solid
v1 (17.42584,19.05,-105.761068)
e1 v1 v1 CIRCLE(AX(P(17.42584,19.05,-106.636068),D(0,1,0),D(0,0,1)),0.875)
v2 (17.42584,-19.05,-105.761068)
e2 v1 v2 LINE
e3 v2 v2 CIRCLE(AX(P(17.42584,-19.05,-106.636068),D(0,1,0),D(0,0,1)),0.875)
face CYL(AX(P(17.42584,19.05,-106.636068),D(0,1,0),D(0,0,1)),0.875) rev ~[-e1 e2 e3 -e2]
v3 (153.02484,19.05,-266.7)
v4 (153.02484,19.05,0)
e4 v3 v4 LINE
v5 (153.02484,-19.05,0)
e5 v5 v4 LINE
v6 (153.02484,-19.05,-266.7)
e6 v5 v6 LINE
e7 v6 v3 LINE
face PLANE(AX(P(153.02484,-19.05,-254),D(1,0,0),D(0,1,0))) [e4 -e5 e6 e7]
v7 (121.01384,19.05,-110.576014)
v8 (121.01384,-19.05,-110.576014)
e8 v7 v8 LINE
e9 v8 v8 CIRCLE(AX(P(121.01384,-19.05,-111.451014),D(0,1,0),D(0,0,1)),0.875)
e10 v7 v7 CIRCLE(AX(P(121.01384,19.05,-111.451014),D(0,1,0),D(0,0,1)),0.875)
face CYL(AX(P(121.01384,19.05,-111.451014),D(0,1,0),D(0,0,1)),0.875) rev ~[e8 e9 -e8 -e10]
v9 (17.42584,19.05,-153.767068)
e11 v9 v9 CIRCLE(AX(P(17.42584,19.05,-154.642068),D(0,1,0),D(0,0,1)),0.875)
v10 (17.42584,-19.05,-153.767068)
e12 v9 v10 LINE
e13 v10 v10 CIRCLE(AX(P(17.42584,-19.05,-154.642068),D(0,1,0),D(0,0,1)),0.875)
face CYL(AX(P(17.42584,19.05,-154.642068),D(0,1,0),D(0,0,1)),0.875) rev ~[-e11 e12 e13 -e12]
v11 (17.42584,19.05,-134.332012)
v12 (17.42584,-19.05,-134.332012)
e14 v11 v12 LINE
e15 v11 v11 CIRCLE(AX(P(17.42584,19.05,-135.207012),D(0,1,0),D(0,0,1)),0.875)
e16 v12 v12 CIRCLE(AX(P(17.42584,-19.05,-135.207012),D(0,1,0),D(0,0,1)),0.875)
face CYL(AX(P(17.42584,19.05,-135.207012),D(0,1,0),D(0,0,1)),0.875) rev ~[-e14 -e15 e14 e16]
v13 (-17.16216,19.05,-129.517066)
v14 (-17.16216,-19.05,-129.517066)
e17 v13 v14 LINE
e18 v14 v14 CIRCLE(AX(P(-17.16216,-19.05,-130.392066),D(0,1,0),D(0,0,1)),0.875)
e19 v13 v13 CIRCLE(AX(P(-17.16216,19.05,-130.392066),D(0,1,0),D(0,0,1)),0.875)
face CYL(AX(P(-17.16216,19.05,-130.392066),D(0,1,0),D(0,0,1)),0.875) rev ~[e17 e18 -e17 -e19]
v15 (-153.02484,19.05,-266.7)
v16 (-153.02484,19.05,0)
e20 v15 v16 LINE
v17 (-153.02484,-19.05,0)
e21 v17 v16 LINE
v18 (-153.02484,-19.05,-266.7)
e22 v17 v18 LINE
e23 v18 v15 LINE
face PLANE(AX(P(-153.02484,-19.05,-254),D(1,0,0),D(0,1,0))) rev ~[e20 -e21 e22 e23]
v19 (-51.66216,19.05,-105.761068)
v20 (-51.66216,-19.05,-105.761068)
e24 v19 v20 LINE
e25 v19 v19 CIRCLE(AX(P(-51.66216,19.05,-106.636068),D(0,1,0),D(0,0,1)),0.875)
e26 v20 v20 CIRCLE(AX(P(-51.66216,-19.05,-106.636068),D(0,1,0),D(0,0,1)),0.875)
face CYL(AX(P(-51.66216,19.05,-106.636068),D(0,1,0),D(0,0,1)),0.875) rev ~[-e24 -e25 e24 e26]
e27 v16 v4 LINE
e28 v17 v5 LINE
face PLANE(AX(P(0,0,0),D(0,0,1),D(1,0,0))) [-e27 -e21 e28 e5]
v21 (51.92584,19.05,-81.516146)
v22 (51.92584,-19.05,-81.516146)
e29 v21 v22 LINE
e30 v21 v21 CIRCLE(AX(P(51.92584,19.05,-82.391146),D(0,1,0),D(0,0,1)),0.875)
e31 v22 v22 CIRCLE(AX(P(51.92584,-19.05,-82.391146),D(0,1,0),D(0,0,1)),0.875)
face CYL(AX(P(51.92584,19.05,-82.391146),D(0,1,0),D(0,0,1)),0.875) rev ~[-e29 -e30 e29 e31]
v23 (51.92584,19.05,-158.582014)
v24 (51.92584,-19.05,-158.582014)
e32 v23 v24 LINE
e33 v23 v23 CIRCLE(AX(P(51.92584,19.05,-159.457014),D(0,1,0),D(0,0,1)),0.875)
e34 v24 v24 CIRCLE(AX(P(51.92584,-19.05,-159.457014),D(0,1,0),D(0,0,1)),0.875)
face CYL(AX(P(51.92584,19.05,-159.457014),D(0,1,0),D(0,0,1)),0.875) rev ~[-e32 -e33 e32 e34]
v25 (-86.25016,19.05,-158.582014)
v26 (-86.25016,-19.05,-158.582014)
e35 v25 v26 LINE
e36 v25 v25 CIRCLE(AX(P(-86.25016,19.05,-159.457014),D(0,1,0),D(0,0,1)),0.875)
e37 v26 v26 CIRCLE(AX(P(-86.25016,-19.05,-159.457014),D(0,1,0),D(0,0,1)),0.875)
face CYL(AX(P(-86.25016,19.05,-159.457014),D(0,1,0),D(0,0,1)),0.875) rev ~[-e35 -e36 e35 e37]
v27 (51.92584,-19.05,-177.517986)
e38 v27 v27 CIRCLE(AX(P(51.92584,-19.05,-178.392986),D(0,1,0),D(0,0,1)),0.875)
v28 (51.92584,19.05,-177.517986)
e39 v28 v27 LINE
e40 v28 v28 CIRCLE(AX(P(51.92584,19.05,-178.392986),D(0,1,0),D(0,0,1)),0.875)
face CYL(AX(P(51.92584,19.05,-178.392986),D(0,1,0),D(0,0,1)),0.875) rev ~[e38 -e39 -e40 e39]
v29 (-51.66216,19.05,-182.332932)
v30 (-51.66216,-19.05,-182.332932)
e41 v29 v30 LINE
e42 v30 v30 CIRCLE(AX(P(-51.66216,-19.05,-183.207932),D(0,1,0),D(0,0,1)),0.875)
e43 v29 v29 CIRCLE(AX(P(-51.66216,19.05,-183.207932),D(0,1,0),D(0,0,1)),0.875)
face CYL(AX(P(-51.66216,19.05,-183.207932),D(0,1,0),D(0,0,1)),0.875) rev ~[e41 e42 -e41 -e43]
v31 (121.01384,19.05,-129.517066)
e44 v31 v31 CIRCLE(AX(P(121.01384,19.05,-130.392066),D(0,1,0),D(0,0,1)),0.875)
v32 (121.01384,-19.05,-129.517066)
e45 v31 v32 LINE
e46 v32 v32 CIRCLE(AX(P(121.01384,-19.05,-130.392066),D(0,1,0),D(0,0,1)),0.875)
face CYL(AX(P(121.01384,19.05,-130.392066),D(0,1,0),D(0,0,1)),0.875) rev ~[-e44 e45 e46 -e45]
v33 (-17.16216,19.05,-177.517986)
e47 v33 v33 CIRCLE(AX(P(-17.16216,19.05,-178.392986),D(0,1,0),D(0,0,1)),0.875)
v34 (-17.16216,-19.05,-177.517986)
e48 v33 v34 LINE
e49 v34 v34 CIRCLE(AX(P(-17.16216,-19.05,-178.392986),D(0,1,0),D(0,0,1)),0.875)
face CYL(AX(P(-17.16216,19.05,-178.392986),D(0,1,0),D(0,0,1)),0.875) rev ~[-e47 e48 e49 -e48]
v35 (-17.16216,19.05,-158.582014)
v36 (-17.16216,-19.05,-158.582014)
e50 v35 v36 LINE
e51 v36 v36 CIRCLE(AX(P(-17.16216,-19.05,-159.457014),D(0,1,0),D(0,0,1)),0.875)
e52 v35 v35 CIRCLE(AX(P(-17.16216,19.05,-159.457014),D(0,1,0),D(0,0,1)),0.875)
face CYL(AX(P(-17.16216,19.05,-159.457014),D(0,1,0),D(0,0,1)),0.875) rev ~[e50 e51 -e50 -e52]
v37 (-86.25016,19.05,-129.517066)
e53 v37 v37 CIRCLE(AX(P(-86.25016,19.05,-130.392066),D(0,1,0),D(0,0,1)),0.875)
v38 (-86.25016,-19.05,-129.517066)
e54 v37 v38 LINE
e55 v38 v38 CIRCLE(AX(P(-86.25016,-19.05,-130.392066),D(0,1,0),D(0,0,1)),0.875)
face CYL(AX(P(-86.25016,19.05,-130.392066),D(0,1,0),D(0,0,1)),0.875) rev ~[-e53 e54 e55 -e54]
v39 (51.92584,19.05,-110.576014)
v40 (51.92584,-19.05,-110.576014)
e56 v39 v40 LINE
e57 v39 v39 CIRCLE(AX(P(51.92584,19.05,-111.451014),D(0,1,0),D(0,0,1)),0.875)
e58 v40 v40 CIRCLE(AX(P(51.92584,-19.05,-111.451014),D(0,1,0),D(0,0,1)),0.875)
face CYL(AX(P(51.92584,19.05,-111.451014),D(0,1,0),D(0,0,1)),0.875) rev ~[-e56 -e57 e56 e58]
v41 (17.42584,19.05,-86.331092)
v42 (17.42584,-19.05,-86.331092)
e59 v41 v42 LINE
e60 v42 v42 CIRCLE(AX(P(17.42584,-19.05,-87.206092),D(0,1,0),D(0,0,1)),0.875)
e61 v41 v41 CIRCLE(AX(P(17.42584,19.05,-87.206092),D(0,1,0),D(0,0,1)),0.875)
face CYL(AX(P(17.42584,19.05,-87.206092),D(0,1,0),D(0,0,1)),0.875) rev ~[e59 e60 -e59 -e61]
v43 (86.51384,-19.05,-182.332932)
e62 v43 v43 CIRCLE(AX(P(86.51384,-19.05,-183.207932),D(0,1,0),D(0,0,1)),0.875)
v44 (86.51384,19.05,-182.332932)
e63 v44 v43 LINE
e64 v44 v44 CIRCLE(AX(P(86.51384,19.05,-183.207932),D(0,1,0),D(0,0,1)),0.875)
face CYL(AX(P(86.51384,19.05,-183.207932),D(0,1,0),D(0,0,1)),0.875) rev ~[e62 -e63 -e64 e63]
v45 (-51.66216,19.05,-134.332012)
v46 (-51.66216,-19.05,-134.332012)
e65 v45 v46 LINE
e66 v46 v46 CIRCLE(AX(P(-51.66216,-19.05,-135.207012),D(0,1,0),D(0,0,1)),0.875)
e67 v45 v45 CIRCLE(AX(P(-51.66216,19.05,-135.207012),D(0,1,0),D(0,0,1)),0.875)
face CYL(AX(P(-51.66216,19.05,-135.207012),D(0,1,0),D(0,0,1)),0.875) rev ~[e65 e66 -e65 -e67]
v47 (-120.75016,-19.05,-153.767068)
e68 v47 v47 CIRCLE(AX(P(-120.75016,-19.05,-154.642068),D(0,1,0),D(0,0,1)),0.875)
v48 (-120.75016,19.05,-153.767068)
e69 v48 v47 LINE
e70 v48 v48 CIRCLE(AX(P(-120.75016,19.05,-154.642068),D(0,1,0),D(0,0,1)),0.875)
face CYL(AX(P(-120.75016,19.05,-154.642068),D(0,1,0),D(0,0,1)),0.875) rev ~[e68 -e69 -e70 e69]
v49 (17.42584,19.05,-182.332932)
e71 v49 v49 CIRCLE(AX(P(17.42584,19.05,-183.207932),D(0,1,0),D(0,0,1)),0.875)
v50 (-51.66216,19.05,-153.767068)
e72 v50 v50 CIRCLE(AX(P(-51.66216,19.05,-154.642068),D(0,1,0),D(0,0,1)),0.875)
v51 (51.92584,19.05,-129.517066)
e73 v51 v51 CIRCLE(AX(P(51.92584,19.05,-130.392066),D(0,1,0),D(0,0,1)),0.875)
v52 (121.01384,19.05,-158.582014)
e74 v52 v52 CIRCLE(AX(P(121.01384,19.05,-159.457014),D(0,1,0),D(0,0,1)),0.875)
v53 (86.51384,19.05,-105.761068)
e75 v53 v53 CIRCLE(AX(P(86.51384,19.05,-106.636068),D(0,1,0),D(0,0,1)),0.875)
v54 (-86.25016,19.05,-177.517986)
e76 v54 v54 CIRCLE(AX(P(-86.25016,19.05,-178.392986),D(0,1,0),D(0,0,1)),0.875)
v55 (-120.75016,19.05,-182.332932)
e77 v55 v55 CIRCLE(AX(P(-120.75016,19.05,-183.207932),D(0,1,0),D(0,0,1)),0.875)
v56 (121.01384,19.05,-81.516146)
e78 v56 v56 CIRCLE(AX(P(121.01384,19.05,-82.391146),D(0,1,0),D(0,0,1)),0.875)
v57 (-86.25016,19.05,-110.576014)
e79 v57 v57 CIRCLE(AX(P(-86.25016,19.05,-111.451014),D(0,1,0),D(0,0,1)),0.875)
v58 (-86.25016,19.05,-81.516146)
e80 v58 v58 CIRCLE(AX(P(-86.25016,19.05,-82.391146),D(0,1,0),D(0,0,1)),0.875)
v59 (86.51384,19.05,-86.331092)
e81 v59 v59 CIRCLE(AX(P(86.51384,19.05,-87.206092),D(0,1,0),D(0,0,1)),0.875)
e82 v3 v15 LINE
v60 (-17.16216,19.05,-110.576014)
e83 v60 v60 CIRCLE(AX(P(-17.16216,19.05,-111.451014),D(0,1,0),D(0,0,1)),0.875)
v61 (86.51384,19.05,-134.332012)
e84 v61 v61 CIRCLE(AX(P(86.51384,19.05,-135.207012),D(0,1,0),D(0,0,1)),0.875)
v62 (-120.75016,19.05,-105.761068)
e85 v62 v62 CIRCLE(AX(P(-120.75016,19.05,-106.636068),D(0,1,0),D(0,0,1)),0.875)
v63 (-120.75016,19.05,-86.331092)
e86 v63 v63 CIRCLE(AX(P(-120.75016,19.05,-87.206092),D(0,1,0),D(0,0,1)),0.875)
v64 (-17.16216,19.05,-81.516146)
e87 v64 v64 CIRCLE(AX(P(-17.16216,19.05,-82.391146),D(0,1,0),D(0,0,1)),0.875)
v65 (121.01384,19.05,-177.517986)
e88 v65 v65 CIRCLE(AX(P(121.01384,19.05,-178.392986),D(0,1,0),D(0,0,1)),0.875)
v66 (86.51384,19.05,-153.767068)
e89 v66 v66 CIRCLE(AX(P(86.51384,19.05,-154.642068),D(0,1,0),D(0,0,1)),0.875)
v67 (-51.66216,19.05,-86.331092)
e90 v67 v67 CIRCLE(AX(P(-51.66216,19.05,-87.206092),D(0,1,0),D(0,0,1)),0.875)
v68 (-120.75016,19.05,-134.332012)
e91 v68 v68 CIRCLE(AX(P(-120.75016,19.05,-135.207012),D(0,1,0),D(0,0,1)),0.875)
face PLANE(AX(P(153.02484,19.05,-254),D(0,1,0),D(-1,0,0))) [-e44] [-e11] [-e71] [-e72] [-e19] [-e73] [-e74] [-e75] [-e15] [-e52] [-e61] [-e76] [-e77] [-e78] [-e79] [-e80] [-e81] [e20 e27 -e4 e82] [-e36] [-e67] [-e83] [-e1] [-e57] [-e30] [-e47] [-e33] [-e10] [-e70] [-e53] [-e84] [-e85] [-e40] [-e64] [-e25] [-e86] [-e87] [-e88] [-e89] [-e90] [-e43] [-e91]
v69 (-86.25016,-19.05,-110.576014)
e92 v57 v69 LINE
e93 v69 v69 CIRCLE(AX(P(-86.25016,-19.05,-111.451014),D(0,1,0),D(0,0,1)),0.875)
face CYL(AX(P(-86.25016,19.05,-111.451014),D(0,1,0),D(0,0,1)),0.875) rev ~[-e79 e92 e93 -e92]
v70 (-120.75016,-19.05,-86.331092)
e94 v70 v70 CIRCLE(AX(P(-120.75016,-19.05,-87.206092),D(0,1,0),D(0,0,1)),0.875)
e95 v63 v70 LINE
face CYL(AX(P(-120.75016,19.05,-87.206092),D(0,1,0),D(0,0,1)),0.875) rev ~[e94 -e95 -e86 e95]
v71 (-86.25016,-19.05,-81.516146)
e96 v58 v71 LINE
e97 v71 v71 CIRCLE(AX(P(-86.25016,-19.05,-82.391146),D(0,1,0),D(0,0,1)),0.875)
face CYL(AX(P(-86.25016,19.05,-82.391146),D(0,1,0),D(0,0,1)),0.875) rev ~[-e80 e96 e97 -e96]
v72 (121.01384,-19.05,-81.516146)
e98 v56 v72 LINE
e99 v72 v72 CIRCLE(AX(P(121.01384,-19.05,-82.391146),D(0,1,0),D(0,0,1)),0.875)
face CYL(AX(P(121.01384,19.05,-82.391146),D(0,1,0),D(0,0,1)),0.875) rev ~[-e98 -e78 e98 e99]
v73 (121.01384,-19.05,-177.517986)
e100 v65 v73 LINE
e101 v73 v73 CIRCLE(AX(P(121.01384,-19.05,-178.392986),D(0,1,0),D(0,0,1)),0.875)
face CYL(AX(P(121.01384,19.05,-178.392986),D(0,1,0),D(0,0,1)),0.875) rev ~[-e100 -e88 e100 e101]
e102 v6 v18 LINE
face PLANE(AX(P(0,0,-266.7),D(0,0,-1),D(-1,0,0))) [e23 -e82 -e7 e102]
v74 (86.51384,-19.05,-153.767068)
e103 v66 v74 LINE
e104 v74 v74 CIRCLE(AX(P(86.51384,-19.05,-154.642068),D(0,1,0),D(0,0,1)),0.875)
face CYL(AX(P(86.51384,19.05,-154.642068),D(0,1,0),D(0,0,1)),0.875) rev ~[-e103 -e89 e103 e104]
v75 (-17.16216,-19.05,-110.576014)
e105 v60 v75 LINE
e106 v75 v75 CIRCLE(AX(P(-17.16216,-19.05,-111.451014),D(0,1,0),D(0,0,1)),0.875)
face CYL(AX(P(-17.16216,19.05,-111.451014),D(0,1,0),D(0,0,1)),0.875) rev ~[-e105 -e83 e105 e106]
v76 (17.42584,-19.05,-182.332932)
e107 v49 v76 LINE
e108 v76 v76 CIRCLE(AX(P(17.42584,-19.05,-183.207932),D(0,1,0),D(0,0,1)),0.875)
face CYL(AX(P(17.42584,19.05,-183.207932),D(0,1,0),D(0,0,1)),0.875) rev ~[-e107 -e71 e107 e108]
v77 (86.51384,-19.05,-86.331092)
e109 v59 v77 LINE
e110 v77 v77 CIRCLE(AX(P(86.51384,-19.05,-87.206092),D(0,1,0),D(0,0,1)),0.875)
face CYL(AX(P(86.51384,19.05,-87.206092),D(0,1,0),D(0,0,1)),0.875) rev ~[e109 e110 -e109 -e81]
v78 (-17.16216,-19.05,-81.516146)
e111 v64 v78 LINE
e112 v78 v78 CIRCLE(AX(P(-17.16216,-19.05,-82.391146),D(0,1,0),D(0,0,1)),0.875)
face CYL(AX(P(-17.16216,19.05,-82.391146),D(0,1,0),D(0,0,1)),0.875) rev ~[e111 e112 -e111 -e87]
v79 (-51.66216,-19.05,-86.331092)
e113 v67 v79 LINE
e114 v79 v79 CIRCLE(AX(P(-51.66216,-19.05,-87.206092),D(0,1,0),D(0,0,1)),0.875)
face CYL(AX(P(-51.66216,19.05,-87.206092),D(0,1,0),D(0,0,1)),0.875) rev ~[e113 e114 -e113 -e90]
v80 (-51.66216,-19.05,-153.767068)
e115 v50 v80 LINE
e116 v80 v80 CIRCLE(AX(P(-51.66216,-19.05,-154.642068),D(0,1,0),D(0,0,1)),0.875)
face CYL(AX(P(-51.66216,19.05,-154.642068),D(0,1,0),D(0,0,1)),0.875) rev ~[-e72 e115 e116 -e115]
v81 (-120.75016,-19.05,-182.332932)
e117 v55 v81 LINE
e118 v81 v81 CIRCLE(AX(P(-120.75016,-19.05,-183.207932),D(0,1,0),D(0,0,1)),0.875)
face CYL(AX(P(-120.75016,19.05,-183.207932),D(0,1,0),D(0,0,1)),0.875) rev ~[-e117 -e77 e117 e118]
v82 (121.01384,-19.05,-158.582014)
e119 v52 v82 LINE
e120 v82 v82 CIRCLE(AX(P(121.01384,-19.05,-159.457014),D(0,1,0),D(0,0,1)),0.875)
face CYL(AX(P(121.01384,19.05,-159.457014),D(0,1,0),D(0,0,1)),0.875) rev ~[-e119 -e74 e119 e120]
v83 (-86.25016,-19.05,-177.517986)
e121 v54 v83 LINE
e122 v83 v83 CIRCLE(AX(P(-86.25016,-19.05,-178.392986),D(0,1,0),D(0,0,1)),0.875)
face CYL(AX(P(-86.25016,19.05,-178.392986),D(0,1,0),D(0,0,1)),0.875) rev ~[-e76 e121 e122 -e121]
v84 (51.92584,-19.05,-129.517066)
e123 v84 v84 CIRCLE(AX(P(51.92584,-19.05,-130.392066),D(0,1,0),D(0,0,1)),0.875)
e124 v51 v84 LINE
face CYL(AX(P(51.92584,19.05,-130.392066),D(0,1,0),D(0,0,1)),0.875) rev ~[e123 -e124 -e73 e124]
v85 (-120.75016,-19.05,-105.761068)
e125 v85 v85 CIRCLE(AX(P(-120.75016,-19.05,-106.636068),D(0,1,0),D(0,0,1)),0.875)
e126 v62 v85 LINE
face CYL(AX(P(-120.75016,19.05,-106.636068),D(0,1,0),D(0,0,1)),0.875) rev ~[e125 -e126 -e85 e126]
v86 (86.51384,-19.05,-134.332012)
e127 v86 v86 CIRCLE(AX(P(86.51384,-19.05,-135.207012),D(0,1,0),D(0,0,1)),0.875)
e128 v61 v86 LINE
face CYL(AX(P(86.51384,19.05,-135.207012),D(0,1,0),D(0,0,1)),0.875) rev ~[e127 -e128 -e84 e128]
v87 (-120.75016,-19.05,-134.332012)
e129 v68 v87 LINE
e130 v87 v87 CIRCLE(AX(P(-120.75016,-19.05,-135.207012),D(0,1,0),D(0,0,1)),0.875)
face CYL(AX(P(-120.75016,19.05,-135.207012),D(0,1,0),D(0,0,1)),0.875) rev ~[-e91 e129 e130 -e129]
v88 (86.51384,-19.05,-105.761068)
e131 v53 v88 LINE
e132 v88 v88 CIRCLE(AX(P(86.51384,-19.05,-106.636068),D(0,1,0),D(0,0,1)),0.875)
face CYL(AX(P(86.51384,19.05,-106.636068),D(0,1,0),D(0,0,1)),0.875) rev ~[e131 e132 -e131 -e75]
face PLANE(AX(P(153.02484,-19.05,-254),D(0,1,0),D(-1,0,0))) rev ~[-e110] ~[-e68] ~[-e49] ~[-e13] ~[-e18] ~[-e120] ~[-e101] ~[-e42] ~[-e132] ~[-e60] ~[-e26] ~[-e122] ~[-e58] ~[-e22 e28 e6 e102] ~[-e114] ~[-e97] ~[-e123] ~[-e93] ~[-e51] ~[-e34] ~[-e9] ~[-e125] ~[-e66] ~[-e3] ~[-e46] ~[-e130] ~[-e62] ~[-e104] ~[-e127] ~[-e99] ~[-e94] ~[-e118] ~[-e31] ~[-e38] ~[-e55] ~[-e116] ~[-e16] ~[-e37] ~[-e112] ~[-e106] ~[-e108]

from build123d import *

# Parameters (mm, degrees)
SKETCH1_W           = 306.04968
SKETCH1_H           = 38.1
BOSS_EXTRUDE1_DEPTH = 254
SKETCH4_R           = 0.875
CUT_EXTRUDE3_DEPTH  = 299.97192453
SKETCH5_W           = 306.04968
SKETCH5_H           = 38.1
BOSS_EXTRUDE2_DEPTH = 12.7


with BuildPart() as part:
    # Sketch1 → Boss-Extrude1 (new body)
    with BuildSketch(Plane.XY):
        Rectangle(SKETCH1_W, SKETCH1_H)
    extrude(amount=-BOSS_EXTRUDE1_DEPTH)

    # Sketch4 → Cut-Extrude3 (cut, through all)
    with BuildSketch(Plane(origin=(0, 19.05, 0), x_dir=(1, 0, 0), z_dir=(0, 1, 0))):
        with Locations(Location((-120.750160066, 154.64206771, 0), (0, 0, 270))):
            Circle(SKETCH4_R)
        with Locations(Location((-120.750160066, 183.20793229, 0), (0, 0, 270))):
            Circle(SKETCH4_R)
        with Locations(Location((-120.750160066, 135.20701229, 0), (0, 0, 270))):
            Circle(SKETCH4_R)
        with Locations(Location((-120.750160066, 106.63606771, 0), (0, 0, 270))):
            Circle(SKETCH4_R)
        with Locations(Location((-120.750160066, 87.20609229, 0), (0, 0, 270))):
            Circle(SKETCH4_R)
        with Locations(Location((-86.250160066, 82.391146122, 0), (0, 0, 270))):
            Circle(SKETCH4_R)
        with Locations(Location((-51.662160066, 87.20609229, 0), (0, 0, 270))):
            Circle(SKETCH4_R)
        with Locations(Location((-17.162160066, 82.391146122, 0), (0, 0, 270))):
            Circle(SKETCH4_R)
        with Locations(Location((-51.662160066, 106.63606771, 0), (0, 0, 270))):
            Circle(SKETCH4_R)
        with Locations(Location((-86.250160066, 111.451013878, 0), (0, 0, 270))):
            Circle(SKETCH4_R)
        with Locations(Location((-86.250160066, 130.392066122, 0), (0, 0, 270))):
            Circle(SKETCH4_R)
        with Locations(Location((-86.250160066, 159.457013878, 0), (0, 0, 270))):
            Circle(SKETCH4_R)
        with Locations(Location((-86.250160066, 178.392986122, 0), (0, 0, 270))):
            Circle(SKETCH4_R)
        with Locations(Location((-51.662160066, 183.20793229, 0), (0, 0, 270))):
            Circle(SKETCH4_R)
        with Locations(Location((-51.662160066, 154.64206771, 0), (0, 0, 270))):
            Circle(SKETCH4_R)
        with Locations(Location((-51.662160066, 135.20701229, 0), (0, 0, 270))):
            Circle(SKETCH4_R)
        with Locations(Location((-17.162160066, 178.392986122, 0), (0, 0, 270))):
            Circle(SKETCH4_R)
        with Locations(Location((-17.162160066, 159.457013878, 0), (0, 0, 270))):
            Circle(SKETCH4_R)
        with Locations(Location((-17.162160066, 130.392066122, 0), (0, 0, 270))):
            Circle(SKETCH4_R)
        with Locations(Location((-17.162160066, 111.451013878, 0), (0, 0, 270))):
            Circle(SKETCH4_R)
        with Locations(Location((17.425839934, 87.20609229, 0), (0, 0, 270))):
            Circle(SKETCH4_R)
        with Locations(Location((51.925839934, 82.391146122, 0), (0, 0, 270))):
            Circle(SKETCH4_R)
        with Locations(Location((86.513839934, 87.20609229, 0), (0, 0, 270))):
            Circle(SKETCH4_R)
        with Locations(Location((121.013839934, 82.391146122, 0), (0, 0, 270))):
            Circle(SKETCH4_R)
        with Locations(Location((121.013839934, 111.451013878, 0), (0, 0, 270))):
            Circle(SKETCH4_R)
        with Locations(Location((86.513839934, 106.63606771, 0), (0, 0, 270))):
            Circle(SKETCH4_R)
        with Locations(Location((51.925839934, 111.451013878, 0), (0, 0, 270))):
            Circle(SKETCH4_R)
        with Locations(Location((17.425839934, 106.63606771, 0), (0, 0, 270))):
            Circle(SKETCH4_R)
        with Locations(Location((17.425839934, 154.64206771, 0), (0, 0, 270))):
            Circle(SKETCH4_R)
        with Locations(Location((51.925839934, 159.457013878, 0), (0, 0, 270))):
            Circle(SKETCH4_R)
        with Locations(Location((51.925839934, 130.392066122, 0), (0, 0, 270))):
            Circle(SKETCH4_R)
        with Locations(Location((17.425839934, 135.20701229, 0), (0, 0, 270))):
            Circle(SKETCH4_R)
        with Locations(Location((121.013839934, 130.392066122, 0), (0, 0, 270))):
            Circle(SKETCH4_R)
        with Locations(Location((86.513839934, 154.64206771, 0), (0, 0, 270))):
            Circle(SKETCH4_R)
        with Locations(Location((17.425839934, 183.20793229, 0), (0, 0, 270))):
            Circle(SKETCH4_R)
        with Locations(Location((51.925839934, 178.392986122, 0), (0, 0, 270))):
            Circle(SKETCH4_R)
        with Locations(Location((121.013839934, 159.457013878, 0), (0, 0, 270))):
            Circle(SKETCH4_R)
        with Locations(Location((121.013839934, 178.392986122, 0), (0, 0, 270))):
            Circle(SKETCH4_R)
        with Locations(Location((86.513839934, 135.20701229, 0), (0, 0, 270))):
            Circle(SKETCH4_R)
        with Locations(Location((86.513839934, 183.20793229, 0), (0, 0, 270))):
            Circle(SKETCH4_R)
    extrude(amount=-CUT_EXTRUDE3_DEPTH, mode=Mode.SUBTRACT)

    # Sketch5 → Boss-Extrude2 (add)
    with BuildSketch(Plane(origin=(0, 0, -254), x_dir=(-1, 0, 0), z_dir=(0, 0, -1))):
        Rectangle(SKETCH5_W, SKETCH5_H)
    extrude(amount=BOSS_EXTRUDE2_DEPTH)


solid = part.part
